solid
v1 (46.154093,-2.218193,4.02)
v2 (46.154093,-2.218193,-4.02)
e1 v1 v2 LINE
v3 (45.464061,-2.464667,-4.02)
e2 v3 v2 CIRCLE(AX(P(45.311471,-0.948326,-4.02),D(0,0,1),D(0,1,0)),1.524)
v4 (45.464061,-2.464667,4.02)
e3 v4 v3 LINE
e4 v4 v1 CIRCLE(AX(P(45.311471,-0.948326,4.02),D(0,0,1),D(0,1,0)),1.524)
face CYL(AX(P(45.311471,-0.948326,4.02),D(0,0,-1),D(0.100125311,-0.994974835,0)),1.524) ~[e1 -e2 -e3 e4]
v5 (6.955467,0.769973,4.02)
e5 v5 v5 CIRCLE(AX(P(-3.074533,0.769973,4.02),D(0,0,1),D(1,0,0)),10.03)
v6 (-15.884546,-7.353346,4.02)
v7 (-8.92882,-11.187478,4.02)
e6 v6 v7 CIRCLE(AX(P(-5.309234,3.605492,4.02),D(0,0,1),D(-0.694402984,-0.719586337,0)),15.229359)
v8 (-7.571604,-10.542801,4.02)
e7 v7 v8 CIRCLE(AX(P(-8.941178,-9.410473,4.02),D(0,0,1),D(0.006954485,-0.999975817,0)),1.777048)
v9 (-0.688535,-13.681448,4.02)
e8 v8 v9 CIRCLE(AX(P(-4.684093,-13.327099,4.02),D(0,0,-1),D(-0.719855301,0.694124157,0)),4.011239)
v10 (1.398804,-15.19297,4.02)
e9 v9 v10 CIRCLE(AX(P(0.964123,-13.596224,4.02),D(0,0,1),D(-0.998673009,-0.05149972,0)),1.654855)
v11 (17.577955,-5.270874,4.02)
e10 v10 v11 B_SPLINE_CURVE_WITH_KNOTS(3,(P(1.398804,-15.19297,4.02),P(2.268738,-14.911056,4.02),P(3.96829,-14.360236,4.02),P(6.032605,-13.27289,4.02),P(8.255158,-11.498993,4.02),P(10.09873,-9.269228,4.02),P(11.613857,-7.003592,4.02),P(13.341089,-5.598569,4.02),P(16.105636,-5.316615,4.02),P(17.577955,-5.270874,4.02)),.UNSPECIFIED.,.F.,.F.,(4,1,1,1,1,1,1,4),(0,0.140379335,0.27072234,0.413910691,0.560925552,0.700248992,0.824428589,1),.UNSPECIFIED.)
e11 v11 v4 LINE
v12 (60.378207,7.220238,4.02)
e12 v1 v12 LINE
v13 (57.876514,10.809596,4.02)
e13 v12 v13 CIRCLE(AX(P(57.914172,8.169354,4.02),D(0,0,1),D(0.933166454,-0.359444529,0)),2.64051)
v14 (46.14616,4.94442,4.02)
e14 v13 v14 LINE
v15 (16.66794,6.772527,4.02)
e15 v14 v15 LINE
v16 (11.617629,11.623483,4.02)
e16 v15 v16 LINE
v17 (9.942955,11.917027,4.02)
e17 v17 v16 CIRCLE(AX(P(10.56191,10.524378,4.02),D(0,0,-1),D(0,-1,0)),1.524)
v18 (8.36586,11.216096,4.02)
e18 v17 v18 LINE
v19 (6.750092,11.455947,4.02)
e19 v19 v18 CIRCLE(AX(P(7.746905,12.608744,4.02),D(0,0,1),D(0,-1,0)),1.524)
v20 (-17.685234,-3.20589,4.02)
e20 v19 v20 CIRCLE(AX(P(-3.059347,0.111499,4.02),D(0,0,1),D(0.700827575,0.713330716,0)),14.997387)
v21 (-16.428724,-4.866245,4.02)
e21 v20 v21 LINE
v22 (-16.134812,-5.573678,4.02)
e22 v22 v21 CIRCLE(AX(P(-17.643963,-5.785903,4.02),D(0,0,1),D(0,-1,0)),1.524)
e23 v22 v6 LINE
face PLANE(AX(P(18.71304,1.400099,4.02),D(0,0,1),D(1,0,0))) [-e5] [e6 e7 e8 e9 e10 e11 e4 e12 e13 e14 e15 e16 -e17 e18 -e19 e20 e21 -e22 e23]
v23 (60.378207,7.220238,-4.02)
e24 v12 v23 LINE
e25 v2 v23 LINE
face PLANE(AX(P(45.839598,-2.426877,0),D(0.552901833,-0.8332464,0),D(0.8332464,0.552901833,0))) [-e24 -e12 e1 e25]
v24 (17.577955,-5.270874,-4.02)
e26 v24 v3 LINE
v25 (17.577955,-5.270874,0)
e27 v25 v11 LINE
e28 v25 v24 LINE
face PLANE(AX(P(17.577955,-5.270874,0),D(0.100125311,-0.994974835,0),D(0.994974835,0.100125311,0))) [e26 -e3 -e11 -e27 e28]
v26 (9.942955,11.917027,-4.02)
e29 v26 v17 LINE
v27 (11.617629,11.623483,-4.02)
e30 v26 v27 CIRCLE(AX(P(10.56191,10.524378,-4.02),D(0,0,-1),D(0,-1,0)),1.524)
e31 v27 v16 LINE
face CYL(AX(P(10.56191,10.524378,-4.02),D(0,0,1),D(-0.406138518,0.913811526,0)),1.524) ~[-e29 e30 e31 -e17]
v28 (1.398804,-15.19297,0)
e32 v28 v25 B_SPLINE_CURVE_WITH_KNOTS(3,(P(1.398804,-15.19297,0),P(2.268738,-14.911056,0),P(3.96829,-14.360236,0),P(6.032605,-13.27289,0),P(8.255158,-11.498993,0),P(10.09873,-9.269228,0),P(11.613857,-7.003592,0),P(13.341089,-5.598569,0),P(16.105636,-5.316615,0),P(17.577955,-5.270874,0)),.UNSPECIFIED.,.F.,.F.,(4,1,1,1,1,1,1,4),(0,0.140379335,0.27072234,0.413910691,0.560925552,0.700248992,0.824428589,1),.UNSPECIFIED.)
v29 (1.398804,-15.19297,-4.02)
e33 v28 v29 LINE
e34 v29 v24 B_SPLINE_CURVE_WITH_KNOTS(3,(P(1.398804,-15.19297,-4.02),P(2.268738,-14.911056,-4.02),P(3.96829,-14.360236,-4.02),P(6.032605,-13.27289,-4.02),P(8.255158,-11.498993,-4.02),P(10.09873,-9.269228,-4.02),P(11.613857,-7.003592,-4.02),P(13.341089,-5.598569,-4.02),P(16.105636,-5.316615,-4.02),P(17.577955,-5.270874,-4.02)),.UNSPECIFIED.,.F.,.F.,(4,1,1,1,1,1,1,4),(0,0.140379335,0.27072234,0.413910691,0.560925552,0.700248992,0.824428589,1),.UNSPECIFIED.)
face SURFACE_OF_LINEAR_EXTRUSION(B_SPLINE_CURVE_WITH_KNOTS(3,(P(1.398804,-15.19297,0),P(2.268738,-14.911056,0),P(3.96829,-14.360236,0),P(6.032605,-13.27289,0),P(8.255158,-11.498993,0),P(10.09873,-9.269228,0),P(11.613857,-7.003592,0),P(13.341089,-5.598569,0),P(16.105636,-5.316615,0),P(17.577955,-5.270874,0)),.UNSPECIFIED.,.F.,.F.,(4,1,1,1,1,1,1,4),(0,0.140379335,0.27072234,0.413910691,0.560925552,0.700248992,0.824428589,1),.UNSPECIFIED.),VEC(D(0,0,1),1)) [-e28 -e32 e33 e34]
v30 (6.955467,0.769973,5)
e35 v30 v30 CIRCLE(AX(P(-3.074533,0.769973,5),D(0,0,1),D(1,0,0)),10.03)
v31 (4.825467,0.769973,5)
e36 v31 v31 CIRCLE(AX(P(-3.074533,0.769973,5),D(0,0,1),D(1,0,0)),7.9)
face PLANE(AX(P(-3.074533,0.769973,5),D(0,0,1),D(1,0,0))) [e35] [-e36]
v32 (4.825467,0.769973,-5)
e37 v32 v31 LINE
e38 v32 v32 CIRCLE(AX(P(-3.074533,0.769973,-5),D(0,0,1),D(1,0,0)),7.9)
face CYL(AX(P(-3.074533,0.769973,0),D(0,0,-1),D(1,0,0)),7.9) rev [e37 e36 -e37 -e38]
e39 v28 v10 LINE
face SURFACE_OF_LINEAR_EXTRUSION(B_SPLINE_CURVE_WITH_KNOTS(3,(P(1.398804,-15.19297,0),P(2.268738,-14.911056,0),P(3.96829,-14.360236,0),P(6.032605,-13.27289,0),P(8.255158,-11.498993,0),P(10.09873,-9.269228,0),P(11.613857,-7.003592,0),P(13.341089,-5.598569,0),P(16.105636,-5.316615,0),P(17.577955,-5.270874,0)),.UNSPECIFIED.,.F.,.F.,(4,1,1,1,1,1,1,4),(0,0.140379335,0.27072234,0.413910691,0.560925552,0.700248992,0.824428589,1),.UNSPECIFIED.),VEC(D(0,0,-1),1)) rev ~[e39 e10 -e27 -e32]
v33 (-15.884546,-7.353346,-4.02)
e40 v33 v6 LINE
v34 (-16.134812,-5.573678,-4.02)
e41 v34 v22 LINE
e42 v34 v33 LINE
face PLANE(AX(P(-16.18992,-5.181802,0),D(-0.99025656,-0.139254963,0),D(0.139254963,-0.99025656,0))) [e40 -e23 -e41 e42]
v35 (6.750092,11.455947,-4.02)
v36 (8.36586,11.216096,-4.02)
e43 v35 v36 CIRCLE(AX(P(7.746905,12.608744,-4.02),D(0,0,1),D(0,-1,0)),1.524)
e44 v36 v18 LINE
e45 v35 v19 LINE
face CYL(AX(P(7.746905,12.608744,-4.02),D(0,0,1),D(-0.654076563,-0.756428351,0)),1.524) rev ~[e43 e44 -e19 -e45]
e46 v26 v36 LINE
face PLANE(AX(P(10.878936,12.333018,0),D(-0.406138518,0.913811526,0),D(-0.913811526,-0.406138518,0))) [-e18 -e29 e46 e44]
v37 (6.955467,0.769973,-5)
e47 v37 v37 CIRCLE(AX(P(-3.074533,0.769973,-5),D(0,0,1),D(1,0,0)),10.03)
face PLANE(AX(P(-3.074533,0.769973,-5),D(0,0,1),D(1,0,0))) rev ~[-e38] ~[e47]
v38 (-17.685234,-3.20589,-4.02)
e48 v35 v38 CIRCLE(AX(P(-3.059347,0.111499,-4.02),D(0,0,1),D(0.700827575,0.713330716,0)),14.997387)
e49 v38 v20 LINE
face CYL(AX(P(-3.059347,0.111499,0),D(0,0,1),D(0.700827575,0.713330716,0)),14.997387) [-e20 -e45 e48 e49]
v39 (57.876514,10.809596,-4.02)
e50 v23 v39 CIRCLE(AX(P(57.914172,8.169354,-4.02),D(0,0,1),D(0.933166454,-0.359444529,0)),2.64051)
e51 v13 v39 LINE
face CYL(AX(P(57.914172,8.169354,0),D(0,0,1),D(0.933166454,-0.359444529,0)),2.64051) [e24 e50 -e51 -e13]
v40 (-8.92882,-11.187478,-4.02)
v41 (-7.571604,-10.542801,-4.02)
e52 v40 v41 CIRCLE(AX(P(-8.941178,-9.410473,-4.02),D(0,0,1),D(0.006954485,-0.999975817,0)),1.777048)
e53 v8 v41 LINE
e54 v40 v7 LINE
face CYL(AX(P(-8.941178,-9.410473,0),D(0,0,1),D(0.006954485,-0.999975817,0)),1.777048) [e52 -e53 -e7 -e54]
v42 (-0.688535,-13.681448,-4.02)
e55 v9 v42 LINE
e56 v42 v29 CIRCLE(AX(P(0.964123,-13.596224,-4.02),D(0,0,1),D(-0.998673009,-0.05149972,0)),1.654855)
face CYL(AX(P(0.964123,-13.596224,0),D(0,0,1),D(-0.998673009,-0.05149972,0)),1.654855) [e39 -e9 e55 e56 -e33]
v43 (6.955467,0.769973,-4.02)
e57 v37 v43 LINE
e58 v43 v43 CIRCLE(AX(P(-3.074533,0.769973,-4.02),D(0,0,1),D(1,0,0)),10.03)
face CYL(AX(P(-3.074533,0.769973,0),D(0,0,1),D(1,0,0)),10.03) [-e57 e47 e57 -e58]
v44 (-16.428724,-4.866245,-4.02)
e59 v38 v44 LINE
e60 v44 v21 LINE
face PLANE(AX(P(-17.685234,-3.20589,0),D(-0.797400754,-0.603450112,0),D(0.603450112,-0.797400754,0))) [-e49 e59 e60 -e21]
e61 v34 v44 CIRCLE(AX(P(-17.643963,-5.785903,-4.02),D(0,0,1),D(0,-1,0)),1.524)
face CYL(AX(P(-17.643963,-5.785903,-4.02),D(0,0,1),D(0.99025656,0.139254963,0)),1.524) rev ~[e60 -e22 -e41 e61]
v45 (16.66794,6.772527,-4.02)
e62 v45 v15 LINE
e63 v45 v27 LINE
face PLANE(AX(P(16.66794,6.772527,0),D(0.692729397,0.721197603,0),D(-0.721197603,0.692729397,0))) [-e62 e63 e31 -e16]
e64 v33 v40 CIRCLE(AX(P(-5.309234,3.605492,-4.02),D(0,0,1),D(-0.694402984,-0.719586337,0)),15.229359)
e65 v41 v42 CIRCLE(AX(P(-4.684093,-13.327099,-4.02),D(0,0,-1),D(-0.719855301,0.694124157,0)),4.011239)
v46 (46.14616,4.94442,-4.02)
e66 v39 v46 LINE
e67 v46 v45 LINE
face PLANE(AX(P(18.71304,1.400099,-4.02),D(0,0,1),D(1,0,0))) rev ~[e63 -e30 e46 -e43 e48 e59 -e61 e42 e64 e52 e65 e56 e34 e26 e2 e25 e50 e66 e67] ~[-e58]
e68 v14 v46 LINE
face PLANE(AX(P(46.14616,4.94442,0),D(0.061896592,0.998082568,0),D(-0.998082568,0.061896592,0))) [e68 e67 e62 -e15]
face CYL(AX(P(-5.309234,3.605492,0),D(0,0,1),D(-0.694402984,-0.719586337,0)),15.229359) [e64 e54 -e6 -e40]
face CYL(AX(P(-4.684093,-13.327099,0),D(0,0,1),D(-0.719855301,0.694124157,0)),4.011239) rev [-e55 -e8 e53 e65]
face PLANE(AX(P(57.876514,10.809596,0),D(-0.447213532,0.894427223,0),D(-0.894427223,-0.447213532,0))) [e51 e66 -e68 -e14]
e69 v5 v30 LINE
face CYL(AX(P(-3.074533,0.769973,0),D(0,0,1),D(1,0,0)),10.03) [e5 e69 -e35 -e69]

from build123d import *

# Parameters (mm, degrees)
F0_R     = 7.9
F1_DEPTH = 4.02
F2_R     = 10.03
F2_R_2   = 7.9
F3_DEPTH = 5
F4_R     = 1.524


with BuildPart() as f1:
    # F0 (on Top) → F1 (new body, symmetric)
    with BuildSketch(Plane.XY):
        with BuildLine():
            Line((46.1461601803, 4.9444199044), (16.6679395434, 6.772526574))
            Line((16.6679395434, 6.772526574), (10.8789355268, 12.3330182403))
            Line((10.8789355268, 12.3330182403), (7.4512350625, 10.8095955786))
            ThreePointArc((7.4512350625, 10.8095955786), (-10.3629347072, 13.2103242145), (-17.6852336109, -3.2058897622))
            Line((-17.6852336109, -3.2058897622), (-16.1899196828, -5.1818019859))
            Line((-16.1899196828, -5.1818019859), (-15.8845459898, -7.3533461493))
            ThreePointArc((-15.8845459898, -7.3533461493), (-12.6610311769, -9.7318403738), (-8.9288197387, -11.1874777966))
            ThreePointArc((-8.9288197387, -11.1874777966), (-8.17872411, -11.0156404916), (-7.5716043744, -10.5428010492))
            ThreePointArc((-7.5716043744, -10.5428010492), (-3.0198455719, -9.6773974333), (-0.6885354025, -13.6814484455))
            ThreePointArc((-0.6885354025, -13.6814484455), (-0.0064651636, -14.9365604515), (1.3988035828, -15.1929697119))
            add(Edge.make_bspline(
                [(1.3988035828, -15.1929697119), (2.268737628, -14.9110562135), (3.968289553, -14.360236217), (6.0326052215, -13.2728896797), (8.2551576398, -11.498992535), (10.0987298539, -9.2692275408), (11.6138570475, -7.0035918777), (13.3410886509, -5.5985693686), (16.1056359582, -5.3166150456), (17.57795468, -5.2708741645)],
                knots=[0, 0, 0, 0, 0.1403793354, 0.2707223402, 0.413910691, 0.5609255525, 0.7002489917, 0.8244285886, 1, 1, 1, 1], degree=3))
            Line((17.57795468, -5.2708741645), (45.839598026, -2.4268767753))
            Line((45.839598026, -2.4268767753), (60.3782066509, 7.2202376408))
            ThreePointArc((60.3782066509, 7.2202376408), (60.0804354266, 9.6791863318), (57.8765136264, 10.8095955786))
            Line((57.8765136264, 10.8095955786), (46.1461601803, 4.9444199044))
        make_face()
        with Locations((-3.0745326542, 0.769972596)):
            Circle(F0_R, mode=Mode.SUBTRACT)
    extrude(amount=F1_DEPTH, both=True)

    # F2 (on Top) → F3 (join, symmetric)
    with BuildSketch(Plane.XY):
        with Locations((-3.0745326542, 0.769972596)):
            Circle(F2_R)
        with Locations((-3.0745326542, 0.769972596)):
            Circle(F2_R_2, mode=Mode.SUBTRACT)
    extrude(amount=F3_DEPTH, both=True)

    # F4
    f4_edges = [f1.edges().sort_by_distance(p)[0] for p in [
        (-16.18992, -5.181802, 0),
        (7.451235, 10.809596, 0),
        (10.878936, 12.333018, 0),
        (45.839598, -2.426877, 0),
    ]]
    fillet(f4_edges, radius=F4_R)


solid = f1.part
